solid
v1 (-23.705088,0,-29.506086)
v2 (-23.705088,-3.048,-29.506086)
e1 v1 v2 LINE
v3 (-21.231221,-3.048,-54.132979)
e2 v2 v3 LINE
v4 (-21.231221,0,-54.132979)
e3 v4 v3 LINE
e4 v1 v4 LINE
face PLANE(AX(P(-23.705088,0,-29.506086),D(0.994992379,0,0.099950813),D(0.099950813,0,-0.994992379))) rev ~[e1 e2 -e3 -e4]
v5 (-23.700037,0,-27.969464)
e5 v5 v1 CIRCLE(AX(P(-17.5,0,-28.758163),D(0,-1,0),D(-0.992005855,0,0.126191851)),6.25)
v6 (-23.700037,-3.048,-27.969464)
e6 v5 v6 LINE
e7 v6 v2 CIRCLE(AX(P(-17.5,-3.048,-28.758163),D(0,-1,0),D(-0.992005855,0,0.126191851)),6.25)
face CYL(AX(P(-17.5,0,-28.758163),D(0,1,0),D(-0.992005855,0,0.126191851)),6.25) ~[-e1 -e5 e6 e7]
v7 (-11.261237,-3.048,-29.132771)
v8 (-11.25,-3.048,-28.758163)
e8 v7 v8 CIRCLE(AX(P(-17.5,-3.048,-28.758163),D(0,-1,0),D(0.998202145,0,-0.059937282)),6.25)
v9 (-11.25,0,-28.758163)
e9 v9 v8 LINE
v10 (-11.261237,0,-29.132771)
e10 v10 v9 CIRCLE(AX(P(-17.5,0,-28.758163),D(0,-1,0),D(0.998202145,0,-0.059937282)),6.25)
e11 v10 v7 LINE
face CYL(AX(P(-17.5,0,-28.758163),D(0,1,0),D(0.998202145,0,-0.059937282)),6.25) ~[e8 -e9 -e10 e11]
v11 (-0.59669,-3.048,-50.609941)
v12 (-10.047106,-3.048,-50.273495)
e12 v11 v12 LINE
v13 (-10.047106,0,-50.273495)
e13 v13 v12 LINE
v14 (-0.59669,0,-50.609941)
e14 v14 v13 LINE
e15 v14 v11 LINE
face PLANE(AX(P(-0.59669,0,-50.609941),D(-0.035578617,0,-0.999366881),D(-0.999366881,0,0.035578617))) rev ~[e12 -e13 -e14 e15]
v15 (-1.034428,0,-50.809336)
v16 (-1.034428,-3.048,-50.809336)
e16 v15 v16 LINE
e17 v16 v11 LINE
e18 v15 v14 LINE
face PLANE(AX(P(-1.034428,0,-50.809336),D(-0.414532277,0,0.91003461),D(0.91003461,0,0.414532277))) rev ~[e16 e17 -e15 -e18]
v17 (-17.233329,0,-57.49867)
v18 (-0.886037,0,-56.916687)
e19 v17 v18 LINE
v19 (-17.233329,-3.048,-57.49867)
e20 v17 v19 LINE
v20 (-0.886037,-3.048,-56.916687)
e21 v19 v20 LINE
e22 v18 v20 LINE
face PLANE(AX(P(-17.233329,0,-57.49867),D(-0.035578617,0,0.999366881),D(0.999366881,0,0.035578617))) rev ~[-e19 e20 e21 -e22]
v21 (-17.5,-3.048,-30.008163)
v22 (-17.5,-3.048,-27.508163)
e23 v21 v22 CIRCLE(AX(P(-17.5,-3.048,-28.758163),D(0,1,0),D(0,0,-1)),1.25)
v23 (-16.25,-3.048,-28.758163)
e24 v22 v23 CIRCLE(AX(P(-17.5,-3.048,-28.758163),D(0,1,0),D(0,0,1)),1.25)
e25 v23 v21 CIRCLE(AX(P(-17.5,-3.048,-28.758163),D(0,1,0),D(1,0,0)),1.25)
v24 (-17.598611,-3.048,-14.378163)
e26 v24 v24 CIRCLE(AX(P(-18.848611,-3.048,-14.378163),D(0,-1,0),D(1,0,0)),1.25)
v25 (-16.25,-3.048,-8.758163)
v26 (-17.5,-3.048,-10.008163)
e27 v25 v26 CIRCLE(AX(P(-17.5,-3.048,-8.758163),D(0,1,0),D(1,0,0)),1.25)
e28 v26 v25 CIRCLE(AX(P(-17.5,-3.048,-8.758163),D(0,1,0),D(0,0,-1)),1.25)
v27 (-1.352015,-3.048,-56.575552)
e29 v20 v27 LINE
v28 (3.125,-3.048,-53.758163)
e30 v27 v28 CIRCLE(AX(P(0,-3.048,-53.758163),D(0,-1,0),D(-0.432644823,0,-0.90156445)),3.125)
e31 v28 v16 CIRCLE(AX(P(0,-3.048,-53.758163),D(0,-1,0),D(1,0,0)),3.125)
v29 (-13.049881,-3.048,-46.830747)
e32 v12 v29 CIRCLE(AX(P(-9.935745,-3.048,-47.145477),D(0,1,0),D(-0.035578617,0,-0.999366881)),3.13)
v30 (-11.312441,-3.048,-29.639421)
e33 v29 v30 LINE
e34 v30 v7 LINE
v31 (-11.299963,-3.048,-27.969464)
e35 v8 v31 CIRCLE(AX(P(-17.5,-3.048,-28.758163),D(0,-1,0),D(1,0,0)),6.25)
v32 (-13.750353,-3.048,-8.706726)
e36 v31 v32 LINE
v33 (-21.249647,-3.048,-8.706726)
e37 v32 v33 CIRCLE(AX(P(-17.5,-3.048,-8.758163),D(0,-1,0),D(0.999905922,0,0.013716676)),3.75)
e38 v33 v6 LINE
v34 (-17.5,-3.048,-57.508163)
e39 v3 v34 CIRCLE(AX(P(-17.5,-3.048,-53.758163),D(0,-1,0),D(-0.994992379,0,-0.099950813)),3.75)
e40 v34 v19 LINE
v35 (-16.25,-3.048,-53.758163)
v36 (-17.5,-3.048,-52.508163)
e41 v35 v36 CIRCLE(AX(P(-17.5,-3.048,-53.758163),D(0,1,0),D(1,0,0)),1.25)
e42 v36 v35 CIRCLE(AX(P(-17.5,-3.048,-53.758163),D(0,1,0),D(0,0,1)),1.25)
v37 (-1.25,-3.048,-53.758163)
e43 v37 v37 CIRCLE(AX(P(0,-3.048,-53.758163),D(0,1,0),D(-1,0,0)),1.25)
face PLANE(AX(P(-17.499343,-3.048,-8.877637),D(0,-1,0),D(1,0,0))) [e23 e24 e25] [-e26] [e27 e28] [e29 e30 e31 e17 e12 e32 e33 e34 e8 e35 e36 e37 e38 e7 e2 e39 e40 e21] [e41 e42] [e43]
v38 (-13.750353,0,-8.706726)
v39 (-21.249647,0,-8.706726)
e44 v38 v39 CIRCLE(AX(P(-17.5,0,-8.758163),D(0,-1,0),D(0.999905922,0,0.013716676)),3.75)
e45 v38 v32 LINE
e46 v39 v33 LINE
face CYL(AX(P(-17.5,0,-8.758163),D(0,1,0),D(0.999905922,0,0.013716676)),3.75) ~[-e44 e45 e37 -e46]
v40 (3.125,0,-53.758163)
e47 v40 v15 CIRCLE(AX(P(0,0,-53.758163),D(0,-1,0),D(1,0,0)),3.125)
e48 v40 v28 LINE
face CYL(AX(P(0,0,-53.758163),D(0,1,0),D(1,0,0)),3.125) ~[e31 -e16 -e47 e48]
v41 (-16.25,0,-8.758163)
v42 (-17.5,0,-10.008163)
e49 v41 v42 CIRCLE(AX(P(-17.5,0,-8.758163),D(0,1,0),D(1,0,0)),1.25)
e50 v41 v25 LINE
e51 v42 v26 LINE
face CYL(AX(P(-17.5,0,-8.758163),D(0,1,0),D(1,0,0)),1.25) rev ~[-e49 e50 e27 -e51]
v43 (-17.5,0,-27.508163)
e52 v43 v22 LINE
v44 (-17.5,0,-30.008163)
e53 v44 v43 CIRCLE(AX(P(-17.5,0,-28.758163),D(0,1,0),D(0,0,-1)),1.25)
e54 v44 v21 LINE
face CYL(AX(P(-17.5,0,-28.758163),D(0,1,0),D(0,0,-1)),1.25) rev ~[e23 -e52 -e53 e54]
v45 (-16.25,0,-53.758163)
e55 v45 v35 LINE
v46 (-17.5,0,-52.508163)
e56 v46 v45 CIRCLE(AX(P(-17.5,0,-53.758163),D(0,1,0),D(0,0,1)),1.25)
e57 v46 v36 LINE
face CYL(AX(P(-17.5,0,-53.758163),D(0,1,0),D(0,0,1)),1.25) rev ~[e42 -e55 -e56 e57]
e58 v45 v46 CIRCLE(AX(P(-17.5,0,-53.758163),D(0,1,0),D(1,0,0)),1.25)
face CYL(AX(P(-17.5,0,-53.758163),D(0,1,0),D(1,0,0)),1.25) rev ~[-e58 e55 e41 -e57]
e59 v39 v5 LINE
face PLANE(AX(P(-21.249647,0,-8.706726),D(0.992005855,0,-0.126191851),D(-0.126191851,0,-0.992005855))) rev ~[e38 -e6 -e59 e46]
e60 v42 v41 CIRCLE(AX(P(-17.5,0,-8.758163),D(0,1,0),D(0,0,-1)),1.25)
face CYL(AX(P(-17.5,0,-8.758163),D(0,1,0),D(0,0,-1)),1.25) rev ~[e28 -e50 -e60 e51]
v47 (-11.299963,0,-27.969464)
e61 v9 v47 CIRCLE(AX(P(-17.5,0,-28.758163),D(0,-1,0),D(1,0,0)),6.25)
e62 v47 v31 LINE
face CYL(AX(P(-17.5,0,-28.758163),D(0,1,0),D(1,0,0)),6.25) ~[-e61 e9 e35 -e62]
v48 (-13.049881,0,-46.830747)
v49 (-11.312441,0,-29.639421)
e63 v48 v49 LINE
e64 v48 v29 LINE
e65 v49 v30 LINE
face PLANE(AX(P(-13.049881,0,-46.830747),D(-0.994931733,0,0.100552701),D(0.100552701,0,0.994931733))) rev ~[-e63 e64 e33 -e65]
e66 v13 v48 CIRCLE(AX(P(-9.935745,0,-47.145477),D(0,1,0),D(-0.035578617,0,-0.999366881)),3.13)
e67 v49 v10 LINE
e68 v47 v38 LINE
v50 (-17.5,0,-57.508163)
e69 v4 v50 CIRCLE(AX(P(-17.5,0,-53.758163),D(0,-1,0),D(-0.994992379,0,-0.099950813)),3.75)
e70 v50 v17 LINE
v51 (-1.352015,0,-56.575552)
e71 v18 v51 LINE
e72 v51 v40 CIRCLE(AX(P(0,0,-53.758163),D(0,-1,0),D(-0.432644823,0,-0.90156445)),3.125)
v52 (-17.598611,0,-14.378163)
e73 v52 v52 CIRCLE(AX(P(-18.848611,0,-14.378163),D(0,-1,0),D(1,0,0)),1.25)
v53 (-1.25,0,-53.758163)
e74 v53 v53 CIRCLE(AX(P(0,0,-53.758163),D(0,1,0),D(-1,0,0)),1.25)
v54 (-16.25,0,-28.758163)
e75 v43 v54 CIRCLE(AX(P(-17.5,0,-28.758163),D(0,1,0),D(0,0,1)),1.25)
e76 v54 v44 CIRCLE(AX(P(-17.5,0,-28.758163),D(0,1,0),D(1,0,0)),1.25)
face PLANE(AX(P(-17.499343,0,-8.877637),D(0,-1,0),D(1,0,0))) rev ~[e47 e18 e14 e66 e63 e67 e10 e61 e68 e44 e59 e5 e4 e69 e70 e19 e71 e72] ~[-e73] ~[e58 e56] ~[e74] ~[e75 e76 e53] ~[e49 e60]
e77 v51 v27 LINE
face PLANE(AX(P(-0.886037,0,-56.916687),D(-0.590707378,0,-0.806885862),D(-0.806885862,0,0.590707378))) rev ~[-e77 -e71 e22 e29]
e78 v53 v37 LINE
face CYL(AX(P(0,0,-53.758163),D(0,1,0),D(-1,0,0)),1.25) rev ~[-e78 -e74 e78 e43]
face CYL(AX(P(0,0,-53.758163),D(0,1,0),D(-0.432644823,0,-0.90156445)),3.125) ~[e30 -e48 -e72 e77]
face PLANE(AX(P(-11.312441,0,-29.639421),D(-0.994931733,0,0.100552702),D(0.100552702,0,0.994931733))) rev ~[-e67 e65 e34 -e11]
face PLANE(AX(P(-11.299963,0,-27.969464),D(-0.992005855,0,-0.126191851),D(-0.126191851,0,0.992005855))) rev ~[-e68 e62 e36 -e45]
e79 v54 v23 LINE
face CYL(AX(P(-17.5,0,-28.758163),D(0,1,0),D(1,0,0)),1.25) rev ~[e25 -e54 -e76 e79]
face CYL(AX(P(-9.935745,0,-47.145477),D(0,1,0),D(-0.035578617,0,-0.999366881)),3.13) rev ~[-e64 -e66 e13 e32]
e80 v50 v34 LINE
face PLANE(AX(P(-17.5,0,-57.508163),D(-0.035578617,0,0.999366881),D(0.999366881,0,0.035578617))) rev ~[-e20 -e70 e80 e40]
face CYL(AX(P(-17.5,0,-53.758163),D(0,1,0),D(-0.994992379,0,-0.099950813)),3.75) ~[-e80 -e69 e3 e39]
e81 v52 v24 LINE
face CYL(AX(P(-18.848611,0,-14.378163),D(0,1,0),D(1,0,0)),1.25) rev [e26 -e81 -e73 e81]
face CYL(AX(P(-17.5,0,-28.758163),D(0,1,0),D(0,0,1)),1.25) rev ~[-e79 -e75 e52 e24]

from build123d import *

# Parameters (mm, degrees)
F0_R     = 1.25
F1_DEPTH = 3.048


with BuildPart() as f1:
    # F0 (on Front) → F1 (new body)
    with BuildSketch(Plane.XZ):
        with BuildLine():
            ThreePointArc((-13.7503527926, -8.7067259483), (-17.5, -5.0081634819), (-21.2496472074, -8.7067259483))
            ThreePointArc((-21.2496472074, -8.7067259483), (-20.1697744054, -11.391565203), (-17.5, -12.5081634819))
            ThreePointArc((-17.5, -12.5081634819), (-14.8483495706, -11.4098139114), (-13.75, -8.7581634819))
            ThreePointArc((-13.75, -8.7581634819), (-13.7500881992, -8.7324441102), (-13.7503527926, -8.7067259483))
        make_face()
        with BuildLine():
            ThreePointArc((-16.25, -8.7581634819), (-16.6161165235, -9.6420469584), (-17.5, -10.0081634819))
            ThreePointArc((-17.5, -10.0081634819), (-18.3838834765, -7.8742800054), (-16.25, -8.7581634819))
        make_face(mode=Mode.SUBTRACT)
        with BuildLine():
            Line((-17.5, -12.5081634819), (-17.5, -22.5081634819))
            ThreePointArc((-17.5, -22.5081634819), (-13.3688300189, -24.0681811165), (-11.2999634049, -27.9694644139))
            Line((-11.2999634049, -27.9694644139), (-13.7503527926, -8.7067259483))
            ThreePointArc((-13.7503527926, -8.7067259483), (-13.7500881992, -8.7324441102), (-13.75, -8.7581634819))
            ThreePointArc((-13.75, -8.7581634819), (-14.8483495706, -11.4098139114), (-17.5, -12.5081634819))
        make_face()
        with BuildLine():
            Line((-21.2496472074, -8.7067259483), (-23.7000365951, -27.9694644139))
            ThreePointArc((-23.7000365951, -27.9694644139), (-21.6311699811, -24.0681811165), (-17.5, -22.5081634819))
            Line((-17.5, -22.5081634819), (-17.5, -12.5081634819))
            ThreePointArc((-17.5, -12.5081634819), (-20.1697744054, -11.391565203), (-21.2496472074, -8.7067259483))
        make_face()
        with Locations((-18.8486110419, -14.3781634819)):
            Circle(F0_R, mode=Mode.SUBTRACT)
        with BuildLine():
            ThreePointArc((-23.7050875821, -29.5060860038), (-21.6465638931, -33.4345411271), (-17.5, -35.0081634819))
            Line((-17.5, -35.0081634819), (-17.5, -30.0081634819))
            ThreePointArc((-17.5, -30.0081634819), (-18.75, -28.7581634819), (-17.5, -27.5081634819))
            Line((-17.5, -27.5081634819), (-17.5, -22.5081634819))
            ThreePointArc((-17.5, -22.5081634819), (-21.6311699811, -24.0681811165), (-23.7000365951, -27.9694644139))
            ThreePointArc((-23.7000365951, -27.9694644139), (-23.7499662351, -28.7376193879), (-23.7050875821, -29.5060860038))
        make_face()
        with BuildLine():
            Line((-17.5, -30.0081634819), (-17.5, -35.0081634819))
            ThreePointArc((-17.5, -35.0081634819), (-13.4039872017, -33.4788815582), (-11.3124410695, -29.6394208118))
            Line((-11.3124410695, -29.6394208118), (-11.2612365938, -29.1327714928))
            ThreePointArc((-11.2612365938, -29.1327714928), (-11.25280978, -28.9455517305), (-11.25, -28.7581634819))
            ThreePointArc((-11.25, -28.7581634819), (-11.262503358, -28.3630234555), (-11.2999634049, -27.9694644139))
            ThreePointArc((-11.2999634049, -27.9694644139), (-13.3688300189, -24.0681811165), (-17.5, -22.5081634819))
            Line((-17.5, -22.5081634819), (-17.5, -27.5081634819))
            ThreePointArc((-17.5, -27.5081634819), (-16.6161165235, -27.8742800054), (-16.25, -28.7581634819))
            ThreePointArc((-16.25, -28.7581634819), (-16.6161165235, -29.6420469584), (-17.5, -30.0081634819))
        make_face()
        with BuildLine():
            ThreePointArc((-21.2312214226, -54.1329790301), (-20.2810122533, -51.242518267), (-17.5, -50.0081634819))
            Line((-17.5, -50.0081634819), (-17.5, -35.0081634819))
            ThreePointArc((-17.5, -35.0081634819), (-21.6465638931, -33.4345411271), (-23.7050875821, -29.5060860038))
            Line((-23.7050875821, -29.5060860038), (-21.2312214226, -54.1329790301))
        make_face()
        with BuildLine():
            Line((-17.5, -35.0081634819), (-17.5, -50.0081634819))
            ThreePointArc((-17.5, -50.0081634819), (-14.8483495706, -51.1065130525), (-13.75, -53.7581634819))
            Line((-13.75, -53.7581634819), (-3.125, -53.7581634819))
            ThreePointArc((-3.125, -53.7581634819), (-2.5493346192, -51.9508123817), (-1.0344284803, -50.8093361355))
            Line((-1.0344284803, -50.8093361355), (-0.5966903167, -50.6099408646))
            Line((-0.5966903167, -50.6099408646), (-10.0471059, -50.2734951352))
            ThreePointArc((-10.0471059, -50.2734951352), (-12.2945765973, -49.2028568524), (-13.0498811537, -46.8307468434))
            Line((-13.0498811537, -46.8307468434), (-11.3124410695, -29.6394208118))
            ThreePointArc((-11.3124410695, -29.6394208118), (-13.4039872017, -33.4788815582), (-17.5, -35.0081634819))
        make_face()
        with BuildLine():
            Line((-17.5, -50.0081634819), (-17.5, -52.5081634819))
            ThreePointArc((-17.5, -52.5081634819), (-16.6161165235, -52.8742800054), (-16.25, -53.7581634819))
            Line((-16.25, -53.7581634819), (-13.75, -53.7581634819))
            ThreePointArc((-13.75, -53.7581634819), (-14.8483495706, -51.1065130525), (-17.5, -50.0081634819))
        make_face()
        with BuildLine():
            ThreePointArc((-16.25, -53.7581634819), (-18.3838834765, -54.6420469584), (-17.5, -52.5081634819))
            Line((-17.5, -52.5081634819), (-17.5, -50.0081634819))
            ThreePointArc((-17.5, -50.0081634819), (-20.2810122533, -51.242518267), (-21.2312214226, -54.1329790301))
            ThreePointArc((-21.2312214226, -54.1329790301), (-20.0156452149, -56.5391757352), (-17.5, -57.5081634819))
            Line((-17.5, -57.5081634819), (-17.2333293119, -57.4986696969))
            ThreePointArc((-17.2333293119, -57.4986696969), (-14.7556863262, -56.3137930442), (-13.75, -53.7581634819))
            Line((-13.75, -53.7581634819), (-16.25, -53.7581634819))
        make_face()
        with BuildLine():
            Line((-3.125, -53.7581634819), (-13.75, -53.7581634819))
            ThreePointArc((-13.75, -53.7581634819), (-14.7556863262, -56.3137930442), (-17.2333293119, -57.4986696969))
            Line((-17.2333293119, -57.4986696969), (-0.8860367537, -56.9166871671))
            Line((-0.8860367537, -56.9166871671), (-1.3520150732, -56.5755523869))
            ThreePointArc((-1.3520150732, -56.5755523869), (-2.6448697609, -55.4225819834), (-3.125, -53.7581634819))
        make_face()
        with BuildLine():
            ThreePointArc((-1.0344284803, -50.8093361355), (-2.5493346192, -51.9508123817), (-3.125, -53.7581634819))
            ThreePointArc((-3.125, -53.7581634819), (-2.6448697609, -55.4225819834), (-1.3520150732, -56.5755523869))
            ThreePointArc((-1.3520150732, -56.5755523869), (1.6644185015, -56.4030332428), (3.125, -53.7581634819))
            ThreePointArc((3.125, -53.7581634819), (1.8073511002, -51.2088288627), (-1.0344284803, -50.8093361355))
        make_face()
        with BuildLine():
            ThreePointArc((1.25, -53.7581634819), (0, -55.0081634819), (-1.25, -53.7581634819))
            ThreePointArc((-1.25, -53.7581634819), (0, -52.5081634819), (1.25, -53.7581634819))
        make_face(mode=Mode.SUBTRACT)
    extrude(amount=F1_DEPTH)


solid = f1.part
